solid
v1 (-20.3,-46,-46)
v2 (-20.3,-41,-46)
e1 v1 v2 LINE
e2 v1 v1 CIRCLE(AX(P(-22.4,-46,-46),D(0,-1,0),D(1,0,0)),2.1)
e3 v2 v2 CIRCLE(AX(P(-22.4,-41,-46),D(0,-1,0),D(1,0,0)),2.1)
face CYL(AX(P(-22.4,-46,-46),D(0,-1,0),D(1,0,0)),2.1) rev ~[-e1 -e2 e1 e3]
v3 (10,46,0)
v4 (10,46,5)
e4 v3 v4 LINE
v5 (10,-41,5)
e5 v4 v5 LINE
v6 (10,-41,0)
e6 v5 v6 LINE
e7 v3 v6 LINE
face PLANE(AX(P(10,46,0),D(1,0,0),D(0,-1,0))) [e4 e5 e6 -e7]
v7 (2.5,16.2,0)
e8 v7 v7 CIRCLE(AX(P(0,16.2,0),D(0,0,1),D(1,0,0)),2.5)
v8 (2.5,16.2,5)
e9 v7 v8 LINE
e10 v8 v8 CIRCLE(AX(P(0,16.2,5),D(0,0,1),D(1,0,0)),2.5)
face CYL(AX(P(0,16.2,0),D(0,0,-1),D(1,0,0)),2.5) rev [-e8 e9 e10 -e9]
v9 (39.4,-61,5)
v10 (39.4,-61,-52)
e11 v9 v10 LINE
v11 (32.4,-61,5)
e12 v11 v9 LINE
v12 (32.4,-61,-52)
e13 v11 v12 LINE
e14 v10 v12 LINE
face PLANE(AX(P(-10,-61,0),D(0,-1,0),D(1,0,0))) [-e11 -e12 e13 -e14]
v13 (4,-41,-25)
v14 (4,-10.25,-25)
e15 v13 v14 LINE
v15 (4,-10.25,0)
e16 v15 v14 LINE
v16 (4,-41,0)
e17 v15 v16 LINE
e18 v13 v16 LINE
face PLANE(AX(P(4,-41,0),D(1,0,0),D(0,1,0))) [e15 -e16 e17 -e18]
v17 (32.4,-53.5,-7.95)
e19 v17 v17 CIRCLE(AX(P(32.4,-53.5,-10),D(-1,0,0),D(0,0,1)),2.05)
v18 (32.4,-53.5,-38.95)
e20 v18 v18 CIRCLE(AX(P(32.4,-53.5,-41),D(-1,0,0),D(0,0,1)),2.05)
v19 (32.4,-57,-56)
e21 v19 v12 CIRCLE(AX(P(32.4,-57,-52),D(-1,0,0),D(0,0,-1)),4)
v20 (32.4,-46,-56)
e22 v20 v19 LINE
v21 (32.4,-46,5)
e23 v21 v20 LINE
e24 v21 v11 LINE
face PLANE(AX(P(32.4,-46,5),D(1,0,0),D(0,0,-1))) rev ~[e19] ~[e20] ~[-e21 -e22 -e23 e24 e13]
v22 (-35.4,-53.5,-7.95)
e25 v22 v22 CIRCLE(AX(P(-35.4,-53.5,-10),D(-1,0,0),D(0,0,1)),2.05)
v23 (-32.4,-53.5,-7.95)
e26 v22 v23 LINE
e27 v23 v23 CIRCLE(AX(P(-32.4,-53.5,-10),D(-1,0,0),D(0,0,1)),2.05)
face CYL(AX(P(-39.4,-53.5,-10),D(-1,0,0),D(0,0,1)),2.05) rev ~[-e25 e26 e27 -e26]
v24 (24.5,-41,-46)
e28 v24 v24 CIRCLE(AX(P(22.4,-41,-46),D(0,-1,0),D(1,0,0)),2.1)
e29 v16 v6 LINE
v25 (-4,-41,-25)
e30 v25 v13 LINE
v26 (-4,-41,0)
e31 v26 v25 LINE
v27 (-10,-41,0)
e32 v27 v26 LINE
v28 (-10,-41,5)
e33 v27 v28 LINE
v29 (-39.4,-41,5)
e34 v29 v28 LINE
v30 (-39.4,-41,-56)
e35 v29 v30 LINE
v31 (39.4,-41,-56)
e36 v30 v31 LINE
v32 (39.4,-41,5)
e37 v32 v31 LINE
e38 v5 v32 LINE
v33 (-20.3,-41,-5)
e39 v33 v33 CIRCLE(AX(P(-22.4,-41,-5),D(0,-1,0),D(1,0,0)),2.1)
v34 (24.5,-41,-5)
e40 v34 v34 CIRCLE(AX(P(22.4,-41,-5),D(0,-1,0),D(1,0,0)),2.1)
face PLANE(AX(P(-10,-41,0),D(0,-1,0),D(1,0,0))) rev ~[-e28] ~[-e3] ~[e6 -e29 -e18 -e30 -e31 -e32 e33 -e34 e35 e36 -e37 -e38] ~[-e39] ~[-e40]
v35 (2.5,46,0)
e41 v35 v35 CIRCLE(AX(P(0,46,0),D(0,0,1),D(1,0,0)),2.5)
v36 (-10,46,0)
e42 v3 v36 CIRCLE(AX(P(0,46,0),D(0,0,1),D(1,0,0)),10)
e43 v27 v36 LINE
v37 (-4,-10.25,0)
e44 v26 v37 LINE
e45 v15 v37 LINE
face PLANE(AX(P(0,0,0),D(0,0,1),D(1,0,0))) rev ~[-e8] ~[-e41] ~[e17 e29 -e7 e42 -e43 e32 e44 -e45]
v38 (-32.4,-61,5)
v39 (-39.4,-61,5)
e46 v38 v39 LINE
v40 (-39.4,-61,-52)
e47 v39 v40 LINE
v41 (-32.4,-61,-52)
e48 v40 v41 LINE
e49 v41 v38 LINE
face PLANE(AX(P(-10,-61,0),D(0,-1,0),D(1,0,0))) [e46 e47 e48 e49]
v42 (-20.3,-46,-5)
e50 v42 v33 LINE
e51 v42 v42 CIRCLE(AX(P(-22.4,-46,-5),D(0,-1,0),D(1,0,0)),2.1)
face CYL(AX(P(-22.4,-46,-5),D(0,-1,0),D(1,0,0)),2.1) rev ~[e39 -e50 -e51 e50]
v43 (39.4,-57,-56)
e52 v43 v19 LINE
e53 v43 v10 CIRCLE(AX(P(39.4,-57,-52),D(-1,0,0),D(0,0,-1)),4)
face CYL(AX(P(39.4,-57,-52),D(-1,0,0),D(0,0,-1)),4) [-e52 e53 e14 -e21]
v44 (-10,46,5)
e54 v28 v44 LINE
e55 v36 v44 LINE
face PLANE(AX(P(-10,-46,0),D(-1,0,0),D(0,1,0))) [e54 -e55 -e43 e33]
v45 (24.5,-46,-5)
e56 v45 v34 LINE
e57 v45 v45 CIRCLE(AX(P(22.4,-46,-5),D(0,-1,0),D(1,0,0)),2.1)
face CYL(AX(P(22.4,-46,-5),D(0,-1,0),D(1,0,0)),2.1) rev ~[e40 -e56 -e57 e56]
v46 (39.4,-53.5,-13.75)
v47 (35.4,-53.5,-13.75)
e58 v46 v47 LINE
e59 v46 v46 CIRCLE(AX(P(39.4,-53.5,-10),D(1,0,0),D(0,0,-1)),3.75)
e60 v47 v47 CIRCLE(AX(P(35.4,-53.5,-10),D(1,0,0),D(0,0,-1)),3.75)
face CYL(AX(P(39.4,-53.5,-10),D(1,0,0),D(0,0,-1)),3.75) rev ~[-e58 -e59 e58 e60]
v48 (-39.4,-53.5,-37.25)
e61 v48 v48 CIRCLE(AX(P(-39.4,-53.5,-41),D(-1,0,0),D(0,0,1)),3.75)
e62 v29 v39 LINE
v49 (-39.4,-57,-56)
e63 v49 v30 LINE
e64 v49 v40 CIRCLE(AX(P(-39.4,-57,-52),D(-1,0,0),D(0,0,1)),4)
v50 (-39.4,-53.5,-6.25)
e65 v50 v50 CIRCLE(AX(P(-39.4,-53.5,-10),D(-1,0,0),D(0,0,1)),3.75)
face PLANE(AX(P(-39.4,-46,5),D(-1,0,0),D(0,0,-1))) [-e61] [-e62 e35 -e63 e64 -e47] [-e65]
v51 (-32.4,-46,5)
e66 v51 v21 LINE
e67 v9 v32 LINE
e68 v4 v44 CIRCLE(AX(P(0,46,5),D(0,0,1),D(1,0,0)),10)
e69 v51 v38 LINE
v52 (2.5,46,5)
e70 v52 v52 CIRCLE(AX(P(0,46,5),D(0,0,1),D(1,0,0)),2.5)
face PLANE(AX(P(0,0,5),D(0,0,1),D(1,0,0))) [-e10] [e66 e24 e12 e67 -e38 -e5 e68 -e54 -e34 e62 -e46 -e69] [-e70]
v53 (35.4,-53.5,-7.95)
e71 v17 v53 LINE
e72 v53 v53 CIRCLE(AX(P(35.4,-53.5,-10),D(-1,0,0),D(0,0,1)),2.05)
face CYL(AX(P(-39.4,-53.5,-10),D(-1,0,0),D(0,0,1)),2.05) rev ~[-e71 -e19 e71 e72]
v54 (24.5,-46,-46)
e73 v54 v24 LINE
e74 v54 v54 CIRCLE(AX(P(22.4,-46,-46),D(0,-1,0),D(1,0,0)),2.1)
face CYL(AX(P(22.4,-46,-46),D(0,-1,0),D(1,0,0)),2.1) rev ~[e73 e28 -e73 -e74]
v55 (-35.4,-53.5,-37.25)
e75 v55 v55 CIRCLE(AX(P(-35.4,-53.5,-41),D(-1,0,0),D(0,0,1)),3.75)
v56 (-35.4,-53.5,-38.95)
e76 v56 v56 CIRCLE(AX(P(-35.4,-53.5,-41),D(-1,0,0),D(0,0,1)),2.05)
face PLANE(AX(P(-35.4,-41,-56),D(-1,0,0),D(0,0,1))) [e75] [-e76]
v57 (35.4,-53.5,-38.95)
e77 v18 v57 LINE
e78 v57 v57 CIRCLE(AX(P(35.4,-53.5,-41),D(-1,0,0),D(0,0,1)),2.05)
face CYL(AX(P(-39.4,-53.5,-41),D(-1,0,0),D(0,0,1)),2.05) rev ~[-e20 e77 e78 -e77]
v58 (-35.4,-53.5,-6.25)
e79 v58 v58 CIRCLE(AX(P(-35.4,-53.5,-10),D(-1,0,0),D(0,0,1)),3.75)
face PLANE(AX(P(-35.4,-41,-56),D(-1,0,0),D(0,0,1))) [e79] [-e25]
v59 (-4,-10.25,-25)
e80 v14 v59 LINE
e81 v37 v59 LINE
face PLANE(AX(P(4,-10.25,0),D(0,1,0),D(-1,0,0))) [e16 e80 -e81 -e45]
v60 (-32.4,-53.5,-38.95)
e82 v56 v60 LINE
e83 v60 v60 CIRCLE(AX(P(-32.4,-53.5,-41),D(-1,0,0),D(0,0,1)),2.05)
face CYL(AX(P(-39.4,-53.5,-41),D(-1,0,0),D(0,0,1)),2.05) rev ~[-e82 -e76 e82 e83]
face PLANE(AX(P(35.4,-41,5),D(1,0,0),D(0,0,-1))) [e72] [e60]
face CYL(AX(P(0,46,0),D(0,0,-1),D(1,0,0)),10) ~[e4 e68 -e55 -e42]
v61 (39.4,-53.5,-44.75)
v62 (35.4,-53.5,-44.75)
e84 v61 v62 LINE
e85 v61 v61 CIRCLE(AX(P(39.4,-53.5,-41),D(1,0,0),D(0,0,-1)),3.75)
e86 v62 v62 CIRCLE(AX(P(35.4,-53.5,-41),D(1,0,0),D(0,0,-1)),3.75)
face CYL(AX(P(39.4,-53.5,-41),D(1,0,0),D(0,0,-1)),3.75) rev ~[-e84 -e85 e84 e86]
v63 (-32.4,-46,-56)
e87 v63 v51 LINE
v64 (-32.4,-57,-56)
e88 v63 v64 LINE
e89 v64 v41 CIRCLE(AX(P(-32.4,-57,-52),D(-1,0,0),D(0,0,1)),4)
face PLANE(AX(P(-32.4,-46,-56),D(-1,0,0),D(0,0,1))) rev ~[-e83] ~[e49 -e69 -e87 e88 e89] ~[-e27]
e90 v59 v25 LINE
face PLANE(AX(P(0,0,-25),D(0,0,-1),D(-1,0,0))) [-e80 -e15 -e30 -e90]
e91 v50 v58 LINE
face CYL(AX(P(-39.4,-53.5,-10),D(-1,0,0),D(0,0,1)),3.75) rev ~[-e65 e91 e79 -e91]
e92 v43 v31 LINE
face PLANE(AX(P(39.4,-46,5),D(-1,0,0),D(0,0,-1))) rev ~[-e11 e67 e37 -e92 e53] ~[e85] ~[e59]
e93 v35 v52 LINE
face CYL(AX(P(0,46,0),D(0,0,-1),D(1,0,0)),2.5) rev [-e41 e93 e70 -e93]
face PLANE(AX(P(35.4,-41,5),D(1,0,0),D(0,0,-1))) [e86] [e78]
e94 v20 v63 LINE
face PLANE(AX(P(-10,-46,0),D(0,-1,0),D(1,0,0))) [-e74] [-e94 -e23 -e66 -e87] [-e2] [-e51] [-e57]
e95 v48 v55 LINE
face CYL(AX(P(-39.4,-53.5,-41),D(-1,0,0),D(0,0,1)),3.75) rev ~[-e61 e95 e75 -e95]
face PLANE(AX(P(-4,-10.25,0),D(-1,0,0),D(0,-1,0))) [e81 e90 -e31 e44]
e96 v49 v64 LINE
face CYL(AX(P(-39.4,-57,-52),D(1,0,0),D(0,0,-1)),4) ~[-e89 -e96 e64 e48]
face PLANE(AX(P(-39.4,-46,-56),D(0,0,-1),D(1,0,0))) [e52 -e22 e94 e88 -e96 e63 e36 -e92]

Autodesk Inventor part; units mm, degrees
ref_plane "YZ Plane" through (0, 0, 0) normal (1, 0, 0) x (0, 1, 0)
ref_plane "XZ Plane" through (0, 0, 0) normal (0, 1, 0) x (-1, 0, 0)
ref_plane "XY Plane" through (0, 0, 0) normal (0, 0, 1) x (1, 0, 0)
sketch "Esquisse1" plane through (0, 0, 0) normal (0, 0, 1) x (1, 0, 0)
  line L0 (-10, 46) -> (10, 46) construction
  line L1 (10, 46) -> (10, -46)
  line L2 (10, -46) -> (-10, -46)
  line L3 (-10, -46) -> (-10, 46)
  line L4 (-10, 46) -> (10, -46) construction
  line L5 (10, 46) -> (-10, -46) construction
  arc A0 (10, 46) -> (-10, 46) centre (0, 46) ccw
  circle A1 centre (0, 46) radius 2.5
  line L6 (0, 46) -> (0, 16.2) construction
  circle A2 centre (0, 16.2) radius 2.5
  point P0 (0, 0)
  dimension "d0" = 29.8
  dimension "d1" = 5
  dimension "d2" = 20
  dimension "d3" = 92
extrude "Extrusion1" add sketch "Esquisse1" along normal blind 5
sketch "Esquisse2" plane through (-10, -46, 0) normal (0, -1, 0) x (1, 0, 0)
  line L0 (-22.4, -56) -> (-22.4, 5)
  line L1 (-22.4, 5) -> (42.4, 5)
  line L2 (42.4, 5) -> (42.4, -56)
  line L3 (42.4, -56) -> (-22.4, -56)
  line L4 (-22.4, -56) -> (42.4, 5) construction
  line L5 (-22.4, 5) -> (42.4, -56) construction
  line L6 (0, 5) -> (20, 5) projected
  line L7 (0, 5) -> (20, 5)
  line L8 (20, 0) -> (20, 5) projected
  line L9 (0, 0) -> (0, 5) projected
  line L10 (0, 0) -> (20, 0) projected
  line L11 (10, -25.5) -> (10, 0) construction
  line L12 (32.4, -46) -> (-12.4, -46) construction
  line L13 (-12.4, -46) -> (-12.4, -5) construction
  line L14 (-12.4, -5) -> (32.4, -5) construction
  line L15 (32.4, -5) -> (32.4, -46) construction
  line L16 (32.4, -46) -> (-12.4, -5) construction
  line L17 (-12.4, -46) -> (32.4, -5) construction
  circle A0 centre (-12.4, -46) radius 2.1
  circle A1 centre (32.4, -46) radius 2.1
  circle A2 centre (32.4, -5) radius 2.1
  circle A3 centre (-12.4, -5) radius 2.1
  line L18 (-22.4, 5) -> (-29.4, 5)
  line L19 (-29.4, 5) -> (-29.4, -56)
  line L20 (-29.4, -56) -> (-22.4, -56)
  line L21 (-22.4, -56) -> (-22.4, 5)
  line L22 (42.4, 5) -> (49.4, 5)
  line L23 (49.4, 5) -> (49.4, -56)
  line L24 (49.4, -56) -> (42.4, -56)
  line L25 (42.4, -56) -> (42.4, 5)
  dimension "d7" = 64.8
  dimension "d8" = 61
  dimension "d49" = 10
  dimension "d50" = 10
  dimension "d51" = 4.2
  dimension "d53" = 7
extrude "Extrusion2" add sketch "Esquisse2" against normal blind 5
sketch "Esquisse10" plane through (0, 0, 0) normal (0, 0, -1) x (-1, 0, 0)
  line L0 (-4, -10.25) -> (4, -10.25)
  line L1 (4, -10.25) -> (4, -41)
  line L2 (4, -41) -> (-4, -41)
  line L3 (-4, -41) -> (-4, -10.25)
  line L4 (-4, -10.25) -> (4, -41) construction
  line L5 (4, -10.25) -> (-4, -41) construction
  line L6 (0, 0) -> (0, -25.625) construction
  line L7 (-4, -41) -> (4, -41)
  line L8 (4, -41) -> (4, -46)
  line L9 (4, -46) -> (-4, -46)
  line L10 (-4, -46) -> (-4, -41)
  line L11 (-10, -41) -> (10, -41) projected
  dimension "d41" = 8
  dimension "d48" = 30.75
extrude "Extrusion8" add sketch "Esquisse10" along normal blind 25
extrude "Extrusion10" add sketch "Esquisse2" along normal blind 15 contours L20 L19 L18 L0 | L2 L22 L23 L24
fillet "Congé2" radius 4 2 edges at (35.9, -61, -56) (-35.9, -61, -56)
sketch "Esquisse12" plane through (-39.4, -41, -56) normal (-1, 0, 0) x (0, 0, 1)
  arc A0 (0, -16) -> (4, -20) centre (4, -16) ccw projected
  line L0 (61, -20) -> (4, -20) projected
  line L1 (61, 0) -> (61, -20) projected
  line L2 (0, 0) -> (61, 0) projected
  line L3 (0, -16) -> (0, 0) projected
  line L4 (61, -5) -> (0, -5) projected
  line L5 (0, -5) -> (61, -5) projected
  line L6 (61, 0) -> (61, -20) projected
  line L7 (0, -5) -> (61, -5)
  line L8 (61, -5) -> (61, -20)
  line L9 (61, -20) -> (0, -20)
  line L10 (0, -20) -> (0, -5)
  line L11 (0, -5) -> (0, -16) projected
  line L12 (0, -12.5) -> (15, -12.5) construction
  line L13 (15, -12.5) -> (46, -12.5) construction
  line L14 (46, -12.5) -> (61, -12.5) construction
  circle A1 centre (15, -12.5) radius 2.05
  circle A2 centre (46, -12.5) radius 2.05
  circle A3 centre (15, -12.5) radius 3.75
  circle A4 centre (46, -12.5) radius 3.75
  point P0 (56, 41)
  dimension "d57" = 4.1
  dimension "d59" = 15
  dimension "d62" = 15
  dimension "d63" = 7.5
extrude "Extrusion11" cut sketch "Esquisse12" against normal through all contours A1 | A2
extrude "Extrusion12" cut sketch "Esquisse12" against normal blind 4 contours A3 | A4
sketch "Esquisse13" plane through (39.4, -41, 5) normal (1, 0, 0) x (0, 0, -1)
  circle A0 centre (46, -12.5) radius 3.75 projected
  circle A1 centre (15, -12.5) radius 3.75 projected
  point P0 (5, 41)
extrude "Extrusion13" cut sketch "Esquisse13" against normal blind 4
properties part number "Support_batterie_réduit"
